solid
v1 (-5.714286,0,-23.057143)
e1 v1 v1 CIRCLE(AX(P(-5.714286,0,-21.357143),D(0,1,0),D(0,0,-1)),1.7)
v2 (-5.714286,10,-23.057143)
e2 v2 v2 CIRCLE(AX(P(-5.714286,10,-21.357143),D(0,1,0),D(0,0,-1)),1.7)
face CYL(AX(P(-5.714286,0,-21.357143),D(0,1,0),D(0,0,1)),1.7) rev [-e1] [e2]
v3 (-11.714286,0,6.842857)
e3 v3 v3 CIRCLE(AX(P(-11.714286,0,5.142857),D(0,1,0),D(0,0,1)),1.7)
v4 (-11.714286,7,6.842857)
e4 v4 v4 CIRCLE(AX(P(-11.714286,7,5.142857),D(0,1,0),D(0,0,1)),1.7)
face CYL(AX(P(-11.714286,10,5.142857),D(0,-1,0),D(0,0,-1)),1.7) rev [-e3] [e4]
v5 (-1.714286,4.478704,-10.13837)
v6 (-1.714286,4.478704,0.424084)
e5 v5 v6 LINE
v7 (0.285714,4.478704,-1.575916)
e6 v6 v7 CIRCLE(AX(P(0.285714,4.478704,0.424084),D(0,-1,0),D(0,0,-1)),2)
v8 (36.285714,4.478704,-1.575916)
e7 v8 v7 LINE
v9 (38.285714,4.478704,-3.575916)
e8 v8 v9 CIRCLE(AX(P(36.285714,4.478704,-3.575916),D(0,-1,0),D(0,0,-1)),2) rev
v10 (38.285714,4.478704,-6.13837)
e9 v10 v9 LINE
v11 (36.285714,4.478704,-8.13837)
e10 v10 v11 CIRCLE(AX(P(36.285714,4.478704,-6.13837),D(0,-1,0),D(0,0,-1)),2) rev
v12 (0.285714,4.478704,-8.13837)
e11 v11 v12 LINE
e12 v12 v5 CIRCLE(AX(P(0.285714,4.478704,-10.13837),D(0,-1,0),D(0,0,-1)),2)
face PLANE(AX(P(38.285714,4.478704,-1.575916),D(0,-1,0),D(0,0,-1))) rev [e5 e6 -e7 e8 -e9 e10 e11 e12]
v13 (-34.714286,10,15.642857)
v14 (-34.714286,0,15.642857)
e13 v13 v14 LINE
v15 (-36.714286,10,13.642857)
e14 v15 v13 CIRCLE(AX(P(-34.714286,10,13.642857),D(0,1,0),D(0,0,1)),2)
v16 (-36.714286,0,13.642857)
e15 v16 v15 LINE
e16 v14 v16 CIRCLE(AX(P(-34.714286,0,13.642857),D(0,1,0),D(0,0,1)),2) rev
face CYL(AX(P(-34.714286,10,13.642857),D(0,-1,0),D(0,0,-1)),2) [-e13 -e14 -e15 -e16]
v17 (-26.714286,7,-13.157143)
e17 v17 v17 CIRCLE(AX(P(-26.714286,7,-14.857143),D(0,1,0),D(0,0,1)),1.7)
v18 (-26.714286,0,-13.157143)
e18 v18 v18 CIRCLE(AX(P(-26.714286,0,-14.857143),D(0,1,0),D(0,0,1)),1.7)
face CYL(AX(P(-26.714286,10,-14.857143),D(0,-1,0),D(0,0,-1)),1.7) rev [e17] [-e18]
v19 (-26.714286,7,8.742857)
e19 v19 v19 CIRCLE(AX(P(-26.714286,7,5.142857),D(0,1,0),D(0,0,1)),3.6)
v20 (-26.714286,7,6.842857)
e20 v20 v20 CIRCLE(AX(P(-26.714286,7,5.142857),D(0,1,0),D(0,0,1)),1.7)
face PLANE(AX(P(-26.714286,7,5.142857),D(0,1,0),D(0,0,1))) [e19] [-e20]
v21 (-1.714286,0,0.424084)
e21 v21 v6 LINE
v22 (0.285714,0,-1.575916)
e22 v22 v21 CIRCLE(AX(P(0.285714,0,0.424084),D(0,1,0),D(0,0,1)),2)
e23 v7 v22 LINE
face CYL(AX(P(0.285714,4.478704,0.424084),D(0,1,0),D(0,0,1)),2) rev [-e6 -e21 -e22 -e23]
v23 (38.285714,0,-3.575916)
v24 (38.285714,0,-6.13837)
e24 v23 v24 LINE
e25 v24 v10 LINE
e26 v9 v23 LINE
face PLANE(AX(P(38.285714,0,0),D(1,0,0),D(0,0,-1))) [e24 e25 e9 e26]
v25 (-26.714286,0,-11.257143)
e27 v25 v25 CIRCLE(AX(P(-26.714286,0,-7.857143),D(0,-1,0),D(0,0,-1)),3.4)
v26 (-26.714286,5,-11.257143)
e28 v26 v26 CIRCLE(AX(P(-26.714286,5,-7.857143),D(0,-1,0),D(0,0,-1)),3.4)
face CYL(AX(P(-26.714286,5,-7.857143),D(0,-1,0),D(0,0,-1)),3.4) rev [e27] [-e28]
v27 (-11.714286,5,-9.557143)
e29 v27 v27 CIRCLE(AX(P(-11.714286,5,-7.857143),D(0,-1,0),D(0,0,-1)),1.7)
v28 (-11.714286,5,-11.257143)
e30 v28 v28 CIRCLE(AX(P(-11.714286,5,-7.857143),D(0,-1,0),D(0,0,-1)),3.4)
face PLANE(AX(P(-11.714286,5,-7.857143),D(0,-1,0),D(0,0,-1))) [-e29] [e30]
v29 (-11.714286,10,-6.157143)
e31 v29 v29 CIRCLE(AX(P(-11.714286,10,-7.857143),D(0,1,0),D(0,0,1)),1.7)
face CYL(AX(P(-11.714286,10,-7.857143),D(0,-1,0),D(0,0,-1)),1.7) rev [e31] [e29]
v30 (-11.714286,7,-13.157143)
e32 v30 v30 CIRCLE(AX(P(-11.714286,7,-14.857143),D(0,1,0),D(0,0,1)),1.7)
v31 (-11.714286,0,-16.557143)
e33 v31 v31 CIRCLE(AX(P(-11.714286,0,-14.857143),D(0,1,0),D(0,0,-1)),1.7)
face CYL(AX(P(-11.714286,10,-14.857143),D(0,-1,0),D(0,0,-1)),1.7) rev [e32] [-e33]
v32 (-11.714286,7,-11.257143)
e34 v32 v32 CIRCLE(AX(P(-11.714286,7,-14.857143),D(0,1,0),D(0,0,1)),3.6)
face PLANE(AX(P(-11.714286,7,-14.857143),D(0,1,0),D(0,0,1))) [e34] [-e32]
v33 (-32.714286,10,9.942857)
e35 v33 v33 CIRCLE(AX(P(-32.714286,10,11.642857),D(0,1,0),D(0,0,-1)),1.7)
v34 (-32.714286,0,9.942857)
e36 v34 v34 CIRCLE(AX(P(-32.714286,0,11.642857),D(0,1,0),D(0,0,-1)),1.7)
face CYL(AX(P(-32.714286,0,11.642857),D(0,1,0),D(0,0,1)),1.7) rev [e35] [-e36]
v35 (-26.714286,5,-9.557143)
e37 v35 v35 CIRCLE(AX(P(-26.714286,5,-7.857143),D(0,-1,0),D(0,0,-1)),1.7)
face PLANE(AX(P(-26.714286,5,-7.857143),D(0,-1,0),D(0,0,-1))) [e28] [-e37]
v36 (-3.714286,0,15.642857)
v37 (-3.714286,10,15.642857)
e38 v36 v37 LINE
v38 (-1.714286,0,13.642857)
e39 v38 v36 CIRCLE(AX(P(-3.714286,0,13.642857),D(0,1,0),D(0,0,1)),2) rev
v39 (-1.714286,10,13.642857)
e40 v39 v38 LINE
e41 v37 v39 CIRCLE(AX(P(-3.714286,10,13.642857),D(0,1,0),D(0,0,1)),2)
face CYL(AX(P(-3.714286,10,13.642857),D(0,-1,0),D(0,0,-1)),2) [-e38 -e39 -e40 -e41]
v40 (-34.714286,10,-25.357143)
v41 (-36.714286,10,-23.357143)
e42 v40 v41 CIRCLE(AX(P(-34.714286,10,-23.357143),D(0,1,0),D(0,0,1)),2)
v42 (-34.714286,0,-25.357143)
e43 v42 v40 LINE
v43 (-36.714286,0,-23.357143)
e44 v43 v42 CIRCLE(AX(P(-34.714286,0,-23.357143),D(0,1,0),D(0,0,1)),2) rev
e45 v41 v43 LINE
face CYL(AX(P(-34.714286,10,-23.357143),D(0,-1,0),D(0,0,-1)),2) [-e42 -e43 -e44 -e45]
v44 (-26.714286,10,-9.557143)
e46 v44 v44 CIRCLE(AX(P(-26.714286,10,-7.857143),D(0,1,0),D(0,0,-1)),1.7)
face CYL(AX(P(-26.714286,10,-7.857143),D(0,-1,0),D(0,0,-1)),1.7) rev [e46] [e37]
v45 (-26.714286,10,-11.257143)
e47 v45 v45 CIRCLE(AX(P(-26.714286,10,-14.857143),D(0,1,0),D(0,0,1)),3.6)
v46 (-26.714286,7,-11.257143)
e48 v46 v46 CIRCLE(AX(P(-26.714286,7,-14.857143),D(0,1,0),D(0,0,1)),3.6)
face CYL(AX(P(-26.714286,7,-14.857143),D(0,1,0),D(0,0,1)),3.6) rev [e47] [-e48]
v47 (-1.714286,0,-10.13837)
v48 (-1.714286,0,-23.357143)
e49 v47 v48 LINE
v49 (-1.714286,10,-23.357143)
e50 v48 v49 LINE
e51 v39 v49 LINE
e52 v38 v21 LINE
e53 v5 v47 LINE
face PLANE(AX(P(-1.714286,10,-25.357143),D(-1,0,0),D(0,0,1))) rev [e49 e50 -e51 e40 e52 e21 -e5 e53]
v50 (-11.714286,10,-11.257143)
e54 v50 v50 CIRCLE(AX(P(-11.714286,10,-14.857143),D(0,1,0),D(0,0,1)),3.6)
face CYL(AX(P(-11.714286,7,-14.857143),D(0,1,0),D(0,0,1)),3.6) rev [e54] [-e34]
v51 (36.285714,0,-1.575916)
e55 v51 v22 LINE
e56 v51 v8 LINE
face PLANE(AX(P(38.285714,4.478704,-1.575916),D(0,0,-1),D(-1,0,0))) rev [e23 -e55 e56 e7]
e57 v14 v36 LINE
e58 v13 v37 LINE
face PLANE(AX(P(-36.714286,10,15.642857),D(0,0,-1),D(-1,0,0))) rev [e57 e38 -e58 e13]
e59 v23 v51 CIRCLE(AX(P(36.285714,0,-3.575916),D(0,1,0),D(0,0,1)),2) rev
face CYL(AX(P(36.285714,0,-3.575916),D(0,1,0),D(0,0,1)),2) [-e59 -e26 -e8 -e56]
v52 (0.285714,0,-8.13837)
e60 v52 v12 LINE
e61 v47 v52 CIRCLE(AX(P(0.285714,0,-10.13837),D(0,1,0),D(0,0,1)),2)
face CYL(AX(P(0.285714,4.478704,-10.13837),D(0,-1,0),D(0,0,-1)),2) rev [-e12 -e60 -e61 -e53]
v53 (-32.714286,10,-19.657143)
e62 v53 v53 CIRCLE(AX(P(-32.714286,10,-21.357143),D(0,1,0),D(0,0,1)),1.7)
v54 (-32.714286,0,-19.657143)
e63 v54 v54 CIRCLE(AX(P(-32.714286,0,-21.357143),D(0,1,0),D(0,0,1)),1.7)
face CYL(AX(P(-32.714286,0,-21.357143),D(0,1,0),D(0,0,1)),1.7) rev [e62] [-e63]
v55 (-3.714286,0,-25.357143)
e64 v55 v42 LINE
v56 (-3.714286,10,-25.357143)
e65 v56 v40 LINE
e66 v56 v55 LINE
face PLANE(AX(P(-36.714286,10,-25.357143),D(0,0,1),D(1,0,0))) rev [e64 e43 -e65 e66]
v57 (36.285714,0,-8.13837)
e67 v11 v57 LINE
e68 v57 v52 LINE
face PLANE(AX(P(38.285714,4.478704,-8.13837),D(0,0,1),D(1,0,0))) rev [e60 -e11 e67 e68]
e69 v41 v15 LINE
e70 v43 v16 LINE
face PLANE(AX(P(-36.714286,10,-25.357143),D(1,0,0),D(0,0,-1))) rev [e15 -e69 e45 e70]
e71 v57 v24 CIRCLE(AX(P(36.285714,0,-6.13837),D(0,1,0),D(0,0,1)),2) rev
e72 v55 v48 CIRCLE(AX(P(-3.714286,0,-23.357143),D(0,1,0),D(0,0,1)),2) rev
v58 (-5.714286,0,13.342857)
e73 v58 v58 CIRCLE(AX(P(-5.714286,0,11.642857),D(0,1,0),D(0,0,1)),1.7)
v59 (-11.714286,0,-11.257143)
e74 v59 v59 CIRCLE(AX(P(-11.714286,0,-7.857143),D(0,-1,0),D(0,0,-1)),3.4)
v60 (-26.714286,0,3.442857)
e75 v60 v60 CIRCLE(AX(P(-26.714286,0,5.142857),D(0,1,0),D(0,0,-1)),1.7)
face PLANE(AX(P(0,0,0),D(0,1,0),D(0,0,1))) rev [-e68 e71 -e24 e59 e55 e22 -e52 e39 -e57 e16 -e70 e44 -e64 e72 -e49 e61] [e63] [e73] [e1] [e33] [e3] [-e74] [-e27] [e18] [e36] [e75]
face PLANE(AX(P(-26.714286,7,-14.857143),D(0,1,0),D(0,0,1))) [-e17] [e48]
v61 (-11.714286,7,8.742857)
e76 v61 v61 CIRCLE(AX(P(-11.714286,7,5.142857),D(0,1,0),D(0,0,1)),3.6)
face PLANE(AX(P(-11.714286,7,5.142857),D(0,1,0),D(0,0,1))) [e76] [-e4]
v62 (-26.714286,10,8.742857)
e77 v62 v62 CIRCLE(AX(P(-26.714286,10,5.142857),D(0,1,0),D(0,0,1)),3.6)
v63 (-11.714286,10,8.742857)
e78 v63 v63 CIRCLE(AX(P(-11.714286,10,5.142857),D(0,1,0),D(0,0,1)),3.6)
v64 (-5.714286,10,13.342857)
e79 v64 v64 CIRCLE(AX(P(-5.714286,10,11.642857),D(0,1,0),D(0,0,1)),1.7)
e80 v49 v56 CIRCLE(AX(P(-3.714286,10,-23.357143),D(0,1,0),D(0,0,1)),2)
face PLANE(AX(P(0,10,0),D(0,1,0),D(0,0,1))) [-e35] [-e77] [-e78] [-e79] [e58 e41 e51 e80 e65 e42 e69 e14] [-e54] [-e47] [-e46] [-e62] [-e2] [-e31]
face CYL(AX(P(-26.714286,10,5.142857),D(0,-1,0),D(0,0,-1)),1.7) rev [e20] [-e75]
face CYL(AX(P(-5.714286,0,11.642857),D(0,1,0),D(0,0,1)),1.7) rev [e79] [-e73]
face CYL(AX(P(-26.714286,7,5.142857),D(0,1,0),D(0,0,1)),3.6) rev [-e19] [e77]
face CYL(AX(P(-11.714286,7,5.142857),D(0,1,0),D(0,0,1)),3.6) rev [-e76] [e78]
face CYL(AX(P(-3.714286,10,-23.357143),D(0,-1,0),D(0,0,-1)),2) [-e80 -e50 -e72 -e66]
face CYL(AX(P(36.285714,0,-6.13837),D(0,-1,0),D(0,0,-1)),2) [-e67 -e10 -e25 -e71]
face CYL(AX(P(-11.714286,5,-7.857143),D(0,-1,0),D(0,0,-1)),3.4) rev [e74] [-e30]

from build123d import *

# Parameters (mm, degrees)
SKETCH_1_W          = 35
SKETCH_1_H          = 41
SKETCH_1_R          = 1.7
EXTRUDE_1_DEPTH     = 10
SKETCH_2_R          = 3.6
CUT_EXTRUDE_1_DEPTH = 3
SKETCH_3_R          = 3.4
CUT_EXTRUDE_2_DEPTH = 5
SKETCH_4_R          = 1.7
CUT_EXTRUDE_3_DEPTH = 11
FILLET_1_R          = 2
SKETCH_5_W          = 6.562454648
SKETCH_5_H          = 4.478703739
EXTRUDE_2_DEPTH     = 40
FILLET_2_R          = 2


with BuildPart() as part:
    # 草图1 → 凸台-拉伸1 (new body)
    with BuildSketch(Plane(origin=(0, 0, 0), x_dir=(1, 0, 0), z_dir=(0, 1, 0))):
        with Locations((-19.214285714, 4.857142857)):
            Rectangle(SKETCH_1_W, SKETCH_1_H)
        with Locations((-26.714285714, 14.857142857)):
            Circle(SKETCH_1_R, mode=Mode.SUBTRACT)
        with Locations((-11.714285714, 14.857142857)):
            Circle(SKETCH_1_R, mode=Mode.SUBTRACT)
        with Locations((-11.714285714, -5.142857143)):
            Circle(SKETCH_1_R, mode=Mode.SUBTRACT)
        with Locations((-26.714285714, -5.142857143)):
            Circle(SKETCH_1_R, mode=Mode.SUBTRACT)
        with Locations((-11.714285714, 7.857142857)):
            Circle(SKETCH_1_R, mode=Mode.SUBTRACT)
        with Locations((-26.714285714, 7.857142857)):
            Circle(SKETCH_1_R, mode=Mode.SUBTRACT)
    extrude(amount=EXTRUDE_1_DEPTH)

    # 草图2 → 切除-拉伸1 (cut)
    with BuildSketch(Plane(origin=(0, 10, 0), x_dir=(1, 0, 0), z_dir=(0, 1, 0))):
        with Locations((-26.714285714, -5.142857143)):
            Circle(SKETCH_2_R)
        with Locations((-11.714285714, -5.142857143)):
            Circle(SKETCH_2_R)
        with Locations((-11.714285714, 14.857142857)):
            Circle(SKETCH_2_R)
        with Locations((-26.714285714, 14.857142857)):
            Circle(SKETCH_2_R)
    extrude(amount=-CUT_EXTRUDE_1_DEPTH, mode=Mode.SUBTRACT)

    # 草图3 → 切除-拉伸2 (cut)
    with BuildSketch(Plane.XZ):
        with Locations((-11.714285714, -7.857142857)):
            Circle(SKETCH_3_R)
        with Locations((-26.714285714, -7.857142857)):
            Circle(SKETCH_3_R)
    extrude(amount=-CUT_EXTRUDE_2_DEPTH, mode=Mode.SUBTRACT)

    # 草图4 → 切除-拉伸3 (cut, through all)
    with BuildSketch(Plane(origin=(0, 10, 0), x_dir=(1, 0, 0), z_dir=(0, 1, 0))):
        with Locations((-32.714285714, 21.357142857)):
            Circle(SKETCH_4_R)
        with Locations((-5.714285714, 21.357142857)):
            Circle(SKETCH_4_R)
        with Locations((-5.714285714, -11.642857143)):
            Circle(SKETCH_4_R)
        with Locations((-32.714285714, -11.642857143)):
            Circle(SKETCH_4_R)
    extrude(amount=-CUT_EXTRUDE_3_DEPTH, mode=Mode.SUBTRACT)

    # 圆角1
    fillet_1_edges = [part.edges().sort_by_distance(p)[0] for p in [
        (-36.714285714, 5, -25.357142857),
        (-1.714285714, 5, -25.357142857),
        (-1.714285714, 5, 15.642857143),
        (-36.714285714, 5, 15.642857143),
    ]]
    fillet(fillet_1_edges, radius=FILLET_1_R)

    # 草图5 → 凸台-拉伸2 (add)
    with BuildSketch(Plane(origin=(-1.714285714, 0, 0), x_dir=(0, 0, -1), z_dir=(1, 0, 0))):
        with Locations((4.857142857, 2.23935187)):
            Rectangle(SKETCH_5_W, SKETCH_5_H)
    extrude(amount=EXTRUDE_2_DEPTH)

    # 圆角2
    fillet_2_edges = [part.edges().sort_by_distance(p)[0] for p in [
        (-1.714285714, 2.239351869, -8.138370181),
        (-1.714285714, 2.239351869, -1.575915533),
        (38.285714286, 2.239351869, -8.138370181),
        (38.285714286, 2.239351869, -1.575915533),
    ]]
    fillet(fillet_2_edges, radius=FILLET_2_R)


solid = part.part
